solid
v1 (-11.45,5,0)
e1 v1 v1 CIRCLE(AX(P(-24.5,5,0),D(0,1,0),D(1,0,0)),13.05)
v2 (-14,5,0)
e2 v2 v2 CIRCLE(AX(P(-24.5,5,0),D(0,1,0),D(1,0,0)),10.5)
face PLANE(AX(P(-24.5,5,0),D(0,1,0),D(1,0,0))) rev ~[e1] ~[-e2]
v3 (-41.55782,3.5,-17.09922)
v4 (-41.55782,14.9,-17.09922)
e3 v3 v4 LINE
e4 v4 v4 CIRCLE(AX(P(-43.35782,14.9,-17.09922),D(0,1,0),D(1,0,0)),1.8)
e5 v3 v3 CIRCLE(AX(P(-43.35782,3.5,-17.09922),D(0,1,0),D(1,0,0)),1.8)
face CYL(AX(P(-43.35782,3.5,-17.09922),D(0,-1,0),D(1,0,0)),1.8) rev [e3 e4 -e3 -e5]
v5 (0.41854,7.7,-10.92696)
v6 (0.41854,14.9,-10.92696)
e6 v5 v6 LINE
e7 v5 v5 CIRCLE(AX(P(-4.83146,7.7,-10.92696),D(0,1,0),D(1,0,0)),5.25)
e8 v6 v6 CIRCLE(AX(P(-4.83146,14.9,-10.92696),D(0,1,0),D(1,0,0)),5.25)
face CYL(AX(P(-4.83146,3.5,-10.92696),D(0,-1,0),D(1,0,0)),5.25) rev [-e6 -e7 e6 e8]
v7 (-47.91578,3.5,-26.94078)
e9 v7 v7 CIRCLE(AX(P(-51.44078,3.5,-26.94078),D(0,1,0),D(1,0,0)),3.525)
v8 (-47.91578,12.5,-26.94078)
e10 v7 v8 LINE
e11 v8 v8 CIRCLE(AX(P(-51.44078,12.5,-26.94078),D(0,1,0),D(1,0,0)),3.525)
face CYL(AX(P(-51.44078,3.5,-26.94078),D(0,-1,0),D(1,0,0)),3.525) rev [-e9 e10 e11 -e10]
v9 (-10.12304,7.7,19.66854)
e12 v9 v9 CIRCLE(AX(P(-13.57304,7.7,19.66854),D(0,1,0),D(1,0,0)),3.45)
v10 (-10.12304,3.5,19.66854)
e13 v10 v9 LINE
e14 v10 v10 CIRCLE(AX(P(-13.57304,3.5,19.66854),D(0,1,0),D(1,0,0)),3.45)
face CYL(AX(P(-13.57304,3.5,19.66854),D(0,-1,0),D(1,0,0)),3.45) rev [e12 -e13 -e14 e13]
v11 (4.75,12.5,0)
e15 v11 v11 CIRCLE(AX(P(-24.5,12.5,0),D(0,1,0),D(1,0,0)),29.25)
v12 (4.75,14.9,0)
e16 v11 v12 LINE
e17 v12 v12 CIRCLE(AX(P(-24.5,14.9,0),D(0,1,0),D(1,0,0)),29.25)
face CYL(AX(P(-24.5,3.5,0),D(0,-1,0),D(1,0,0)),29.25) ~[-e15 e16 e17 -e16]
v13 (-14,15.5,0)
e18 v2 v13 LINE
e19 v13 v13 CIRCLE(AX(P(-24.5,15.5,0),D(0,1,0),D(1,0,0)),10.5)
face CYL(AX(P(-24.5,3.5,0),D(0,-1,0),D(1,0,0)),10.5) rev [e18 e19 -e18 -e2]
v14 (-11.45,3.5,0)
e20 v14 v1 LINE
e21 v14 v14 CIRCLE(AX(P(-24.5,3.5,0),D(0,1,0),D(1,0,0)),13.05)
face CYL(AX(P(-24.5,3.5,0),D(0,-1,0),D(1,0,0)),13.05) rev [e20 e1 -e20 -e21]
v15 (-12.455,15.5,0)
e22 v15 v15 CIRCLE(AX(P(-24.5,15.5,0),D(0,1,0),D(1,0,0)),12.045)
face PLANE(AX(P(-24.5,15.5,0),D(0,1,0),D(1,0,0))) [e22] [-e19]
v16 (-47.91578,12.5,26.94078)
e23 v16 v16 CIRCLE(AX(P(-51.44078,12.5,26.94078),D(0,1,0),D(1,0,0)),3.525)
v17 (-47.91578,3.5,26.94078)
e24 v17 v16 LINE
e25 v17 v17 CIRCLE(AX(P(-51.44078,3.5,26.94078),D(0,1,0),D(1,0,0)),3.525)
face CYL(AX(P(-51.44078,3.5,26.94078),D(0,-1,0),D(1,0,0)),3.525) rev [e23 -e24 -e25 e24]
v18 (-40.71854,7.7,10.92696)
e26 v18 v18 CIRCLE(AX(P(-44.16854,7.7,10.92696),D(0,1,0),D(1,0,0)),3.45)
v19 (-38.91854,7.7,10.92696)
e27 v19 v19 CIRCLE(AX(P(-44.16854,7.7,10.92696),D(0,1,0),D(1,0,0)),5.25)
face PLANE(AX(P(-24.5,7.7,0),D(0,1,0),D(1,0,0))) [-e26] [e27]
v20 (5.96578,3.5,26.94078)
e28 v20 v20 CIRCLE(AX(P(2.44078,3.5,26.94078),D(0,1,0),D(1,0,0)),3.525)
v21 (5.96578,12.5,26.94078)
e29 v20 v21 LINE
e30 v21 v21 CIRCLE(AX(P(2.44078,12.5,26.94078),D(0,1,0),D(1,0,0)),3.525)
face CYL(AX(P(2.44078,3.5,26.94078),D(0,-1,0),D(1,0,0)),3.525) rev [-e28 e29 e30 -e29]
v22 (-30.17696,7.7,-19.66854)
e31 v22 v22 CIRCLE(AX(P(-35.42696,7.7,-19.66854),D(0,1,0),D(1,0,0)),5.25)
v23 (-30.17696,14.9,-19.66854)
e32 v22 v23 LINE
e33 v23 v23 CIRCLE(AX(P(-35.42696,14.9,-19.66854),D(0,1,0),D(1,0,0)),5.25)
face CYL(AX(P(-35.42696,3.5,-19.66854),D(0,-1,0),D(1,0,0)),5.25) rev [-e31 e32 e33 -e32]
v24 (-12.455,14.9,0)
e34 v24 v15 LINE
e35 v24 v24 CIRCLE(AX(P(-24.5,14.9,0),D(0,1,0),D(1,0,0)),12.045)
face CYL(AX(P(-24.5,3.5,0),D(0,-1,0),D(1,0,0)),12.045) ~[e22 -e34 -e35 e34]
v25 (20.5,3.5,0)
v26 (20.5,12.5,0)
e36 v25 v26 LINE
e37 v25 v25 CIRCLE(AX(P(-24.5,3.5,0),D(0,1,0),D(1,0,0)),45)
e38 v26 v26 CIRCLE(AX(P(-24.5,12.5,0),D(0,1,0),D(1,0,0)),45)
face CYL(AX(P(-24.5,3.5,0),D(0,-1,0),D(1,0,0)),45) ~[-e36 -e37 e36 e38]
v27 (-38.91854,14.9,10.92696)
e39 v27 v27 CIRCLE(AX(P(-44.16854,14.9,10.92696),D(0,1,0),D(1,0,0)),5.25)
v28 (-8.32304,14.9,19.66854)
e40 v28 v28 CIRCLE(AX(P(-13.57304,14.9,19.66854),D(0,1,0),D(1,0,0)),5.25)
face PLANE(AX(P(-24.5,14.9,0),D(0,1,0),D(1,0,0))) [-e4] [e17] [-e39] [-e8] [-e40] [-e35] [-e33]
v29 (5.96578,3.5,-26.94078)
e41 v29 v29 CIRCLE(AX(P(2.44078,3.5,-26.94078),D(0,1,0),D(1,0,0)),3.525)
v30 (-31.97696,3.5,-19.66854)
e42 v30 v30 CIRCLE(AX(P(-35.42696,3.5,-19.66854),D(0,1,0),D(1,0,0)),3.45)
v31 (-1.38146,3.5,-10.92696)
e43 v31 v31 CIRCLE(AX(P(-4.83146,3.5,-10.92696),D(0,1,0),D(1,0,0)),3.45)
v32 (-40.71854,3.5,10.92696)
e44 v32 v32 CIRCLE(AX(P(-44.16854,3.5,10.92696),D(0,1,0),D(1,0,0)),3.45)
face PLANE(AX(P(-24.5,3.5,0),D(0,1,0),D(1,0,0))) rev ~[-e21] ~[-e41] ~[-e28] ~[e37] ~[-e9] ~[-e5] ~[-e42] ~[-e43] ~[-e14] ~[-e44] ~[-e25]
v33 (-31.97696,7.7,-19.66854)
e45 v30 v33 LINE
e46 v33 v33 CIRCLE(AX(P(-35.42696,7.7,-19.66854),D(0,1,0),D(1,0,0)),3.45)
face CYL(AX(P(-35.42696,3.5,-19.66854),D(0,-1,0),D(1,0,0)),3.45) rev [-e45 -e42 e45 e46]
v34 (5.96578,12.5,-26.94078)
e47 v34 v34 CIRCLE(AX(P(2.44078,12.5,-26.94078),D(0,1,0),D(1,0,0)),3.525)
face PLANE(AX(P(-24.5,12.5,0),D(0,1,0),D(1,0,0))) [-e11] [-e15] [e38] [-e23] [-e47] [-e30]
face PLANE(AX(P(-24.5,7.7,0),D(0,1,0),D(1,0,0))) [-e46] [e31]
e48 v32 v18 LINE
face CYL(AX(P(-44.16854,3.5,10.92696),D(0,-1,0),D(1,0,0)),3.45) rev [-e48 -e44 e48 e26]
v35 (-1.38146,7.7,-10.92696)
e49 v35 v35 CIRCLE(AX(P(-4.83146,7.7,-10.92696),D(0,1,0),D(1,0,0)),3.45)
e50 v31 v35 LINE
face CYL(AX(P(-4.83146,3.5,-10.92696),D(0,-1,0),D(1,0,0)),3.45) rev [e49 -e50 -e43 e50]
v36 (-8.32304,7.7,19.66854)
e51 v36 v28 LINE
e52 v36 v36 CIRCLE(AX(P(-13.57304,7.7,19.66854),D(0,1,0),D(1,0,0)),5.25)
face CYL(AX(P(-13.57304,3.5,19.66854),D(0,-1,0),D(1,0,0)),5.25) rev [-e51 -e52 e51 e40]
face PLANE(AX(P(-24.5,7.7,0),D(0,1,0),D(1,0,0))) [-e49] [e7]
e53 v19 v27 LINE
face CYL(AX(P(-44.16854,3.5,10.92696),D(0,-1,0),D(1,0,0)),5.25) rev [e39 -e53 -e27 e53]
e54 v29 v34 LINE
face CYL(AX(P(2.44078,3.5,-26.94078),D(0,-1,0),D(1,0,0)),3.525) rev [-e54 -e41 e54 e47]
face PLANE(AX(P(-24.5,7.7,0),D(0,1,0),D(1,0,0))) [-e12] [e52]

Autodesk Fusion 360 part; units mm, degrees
sketch "Sketch1" plane through (0, 0, 0) normal (0, 1, 0) x (1, 0, 0)
  circle A0 centre (0, 0) radius 150
  circle A1 centre (-36.4232, 65.5618) radius 11.5
  circle A2 centre (-36.4232, 65.5618) radius 17.5
  circle A3 centre (-65.5618, -36.4232) radius 17.5
  circle A4 centre (-65.5618, -36.4232) radius 11.5
  circle A5 centre (36.4232, -65.5618) radius 17.5
  circle A6 centre (36.4232, -65.5618) radius 11.5
  circle A7 centre (65.5618, 36.4232) radius 17.5
  circle A8 centre (65.5618, 36.4232) radius 11.5
  circle A9 centre (0, 0) radius 35
  circle A10 centre (0, 0) radius 40.15
  circle A11 centre (0, 0) radius 43.5
  circle A12 centre (0, 0) radius 97.5
  line L0 (0, 0) -> (169.7056, 0) construction
  circle A13 centre (-89.8026, 89.8026) radius 11.75
  circle A14 centre (-89.8026, -89.8026) radius 11.75
  circle A15 centre (89.8026, -89.8026) radius 11.75
  circle A16 centre (89.8026, 89.8026) radius 11.75
  circle A17 centre (-62.8594, 56.9974) radius 6
  dimension "d13" = 300
  dimension "d17" = 23
  dimension "d18" = 35
  dimension "d21" = 70
  dimension "d22" = 80.3
  dimension "d23" = 87
  dimension "d24" = 195
  dimension "d26" = 23.5
  dimension "d28" = 360
  dimension "d31" = 12
extrude "Extrude1" add sketch "Sketch1" along normal blind 40 contours A10 makes body 1
extrude "Extrude2" add sketch "Sketch1" along normal blind 38 contours A11 | A12 bodies 1
extrude "Extrude3" add sketch "Sketch1" along normal blind 30 contours A0 bodies 1
extrude "Extrude4" add sketch "Sketch1" along normal blind 5 separate body contours A10 | A11 makes body 2
combine "Combine1" operation cut target body 1 tool bodies 2
extrude "Extrude5" add sketch "Sketch1" along normal blind 14 separate body contours A2 | A3 | A5 | A7 makes body 3 at (83.04, 4.6667, -35.5509) makes body 4 at (-48.0835, 4.6667, 37.2955) makes body 5 at (-18.945, 4.6667, -64.6895) makes body 6 at (53.8363, 9.3333, 67.3042)
combine "Combine2" operation add target body 1 tool bodies 3 5 4 6
scale "Scale1" factor 0.2 about (-35, 5, 0) bodies 1
scale "Scale2" factor 1.5 about (-35, 5, 0) bodies 1
